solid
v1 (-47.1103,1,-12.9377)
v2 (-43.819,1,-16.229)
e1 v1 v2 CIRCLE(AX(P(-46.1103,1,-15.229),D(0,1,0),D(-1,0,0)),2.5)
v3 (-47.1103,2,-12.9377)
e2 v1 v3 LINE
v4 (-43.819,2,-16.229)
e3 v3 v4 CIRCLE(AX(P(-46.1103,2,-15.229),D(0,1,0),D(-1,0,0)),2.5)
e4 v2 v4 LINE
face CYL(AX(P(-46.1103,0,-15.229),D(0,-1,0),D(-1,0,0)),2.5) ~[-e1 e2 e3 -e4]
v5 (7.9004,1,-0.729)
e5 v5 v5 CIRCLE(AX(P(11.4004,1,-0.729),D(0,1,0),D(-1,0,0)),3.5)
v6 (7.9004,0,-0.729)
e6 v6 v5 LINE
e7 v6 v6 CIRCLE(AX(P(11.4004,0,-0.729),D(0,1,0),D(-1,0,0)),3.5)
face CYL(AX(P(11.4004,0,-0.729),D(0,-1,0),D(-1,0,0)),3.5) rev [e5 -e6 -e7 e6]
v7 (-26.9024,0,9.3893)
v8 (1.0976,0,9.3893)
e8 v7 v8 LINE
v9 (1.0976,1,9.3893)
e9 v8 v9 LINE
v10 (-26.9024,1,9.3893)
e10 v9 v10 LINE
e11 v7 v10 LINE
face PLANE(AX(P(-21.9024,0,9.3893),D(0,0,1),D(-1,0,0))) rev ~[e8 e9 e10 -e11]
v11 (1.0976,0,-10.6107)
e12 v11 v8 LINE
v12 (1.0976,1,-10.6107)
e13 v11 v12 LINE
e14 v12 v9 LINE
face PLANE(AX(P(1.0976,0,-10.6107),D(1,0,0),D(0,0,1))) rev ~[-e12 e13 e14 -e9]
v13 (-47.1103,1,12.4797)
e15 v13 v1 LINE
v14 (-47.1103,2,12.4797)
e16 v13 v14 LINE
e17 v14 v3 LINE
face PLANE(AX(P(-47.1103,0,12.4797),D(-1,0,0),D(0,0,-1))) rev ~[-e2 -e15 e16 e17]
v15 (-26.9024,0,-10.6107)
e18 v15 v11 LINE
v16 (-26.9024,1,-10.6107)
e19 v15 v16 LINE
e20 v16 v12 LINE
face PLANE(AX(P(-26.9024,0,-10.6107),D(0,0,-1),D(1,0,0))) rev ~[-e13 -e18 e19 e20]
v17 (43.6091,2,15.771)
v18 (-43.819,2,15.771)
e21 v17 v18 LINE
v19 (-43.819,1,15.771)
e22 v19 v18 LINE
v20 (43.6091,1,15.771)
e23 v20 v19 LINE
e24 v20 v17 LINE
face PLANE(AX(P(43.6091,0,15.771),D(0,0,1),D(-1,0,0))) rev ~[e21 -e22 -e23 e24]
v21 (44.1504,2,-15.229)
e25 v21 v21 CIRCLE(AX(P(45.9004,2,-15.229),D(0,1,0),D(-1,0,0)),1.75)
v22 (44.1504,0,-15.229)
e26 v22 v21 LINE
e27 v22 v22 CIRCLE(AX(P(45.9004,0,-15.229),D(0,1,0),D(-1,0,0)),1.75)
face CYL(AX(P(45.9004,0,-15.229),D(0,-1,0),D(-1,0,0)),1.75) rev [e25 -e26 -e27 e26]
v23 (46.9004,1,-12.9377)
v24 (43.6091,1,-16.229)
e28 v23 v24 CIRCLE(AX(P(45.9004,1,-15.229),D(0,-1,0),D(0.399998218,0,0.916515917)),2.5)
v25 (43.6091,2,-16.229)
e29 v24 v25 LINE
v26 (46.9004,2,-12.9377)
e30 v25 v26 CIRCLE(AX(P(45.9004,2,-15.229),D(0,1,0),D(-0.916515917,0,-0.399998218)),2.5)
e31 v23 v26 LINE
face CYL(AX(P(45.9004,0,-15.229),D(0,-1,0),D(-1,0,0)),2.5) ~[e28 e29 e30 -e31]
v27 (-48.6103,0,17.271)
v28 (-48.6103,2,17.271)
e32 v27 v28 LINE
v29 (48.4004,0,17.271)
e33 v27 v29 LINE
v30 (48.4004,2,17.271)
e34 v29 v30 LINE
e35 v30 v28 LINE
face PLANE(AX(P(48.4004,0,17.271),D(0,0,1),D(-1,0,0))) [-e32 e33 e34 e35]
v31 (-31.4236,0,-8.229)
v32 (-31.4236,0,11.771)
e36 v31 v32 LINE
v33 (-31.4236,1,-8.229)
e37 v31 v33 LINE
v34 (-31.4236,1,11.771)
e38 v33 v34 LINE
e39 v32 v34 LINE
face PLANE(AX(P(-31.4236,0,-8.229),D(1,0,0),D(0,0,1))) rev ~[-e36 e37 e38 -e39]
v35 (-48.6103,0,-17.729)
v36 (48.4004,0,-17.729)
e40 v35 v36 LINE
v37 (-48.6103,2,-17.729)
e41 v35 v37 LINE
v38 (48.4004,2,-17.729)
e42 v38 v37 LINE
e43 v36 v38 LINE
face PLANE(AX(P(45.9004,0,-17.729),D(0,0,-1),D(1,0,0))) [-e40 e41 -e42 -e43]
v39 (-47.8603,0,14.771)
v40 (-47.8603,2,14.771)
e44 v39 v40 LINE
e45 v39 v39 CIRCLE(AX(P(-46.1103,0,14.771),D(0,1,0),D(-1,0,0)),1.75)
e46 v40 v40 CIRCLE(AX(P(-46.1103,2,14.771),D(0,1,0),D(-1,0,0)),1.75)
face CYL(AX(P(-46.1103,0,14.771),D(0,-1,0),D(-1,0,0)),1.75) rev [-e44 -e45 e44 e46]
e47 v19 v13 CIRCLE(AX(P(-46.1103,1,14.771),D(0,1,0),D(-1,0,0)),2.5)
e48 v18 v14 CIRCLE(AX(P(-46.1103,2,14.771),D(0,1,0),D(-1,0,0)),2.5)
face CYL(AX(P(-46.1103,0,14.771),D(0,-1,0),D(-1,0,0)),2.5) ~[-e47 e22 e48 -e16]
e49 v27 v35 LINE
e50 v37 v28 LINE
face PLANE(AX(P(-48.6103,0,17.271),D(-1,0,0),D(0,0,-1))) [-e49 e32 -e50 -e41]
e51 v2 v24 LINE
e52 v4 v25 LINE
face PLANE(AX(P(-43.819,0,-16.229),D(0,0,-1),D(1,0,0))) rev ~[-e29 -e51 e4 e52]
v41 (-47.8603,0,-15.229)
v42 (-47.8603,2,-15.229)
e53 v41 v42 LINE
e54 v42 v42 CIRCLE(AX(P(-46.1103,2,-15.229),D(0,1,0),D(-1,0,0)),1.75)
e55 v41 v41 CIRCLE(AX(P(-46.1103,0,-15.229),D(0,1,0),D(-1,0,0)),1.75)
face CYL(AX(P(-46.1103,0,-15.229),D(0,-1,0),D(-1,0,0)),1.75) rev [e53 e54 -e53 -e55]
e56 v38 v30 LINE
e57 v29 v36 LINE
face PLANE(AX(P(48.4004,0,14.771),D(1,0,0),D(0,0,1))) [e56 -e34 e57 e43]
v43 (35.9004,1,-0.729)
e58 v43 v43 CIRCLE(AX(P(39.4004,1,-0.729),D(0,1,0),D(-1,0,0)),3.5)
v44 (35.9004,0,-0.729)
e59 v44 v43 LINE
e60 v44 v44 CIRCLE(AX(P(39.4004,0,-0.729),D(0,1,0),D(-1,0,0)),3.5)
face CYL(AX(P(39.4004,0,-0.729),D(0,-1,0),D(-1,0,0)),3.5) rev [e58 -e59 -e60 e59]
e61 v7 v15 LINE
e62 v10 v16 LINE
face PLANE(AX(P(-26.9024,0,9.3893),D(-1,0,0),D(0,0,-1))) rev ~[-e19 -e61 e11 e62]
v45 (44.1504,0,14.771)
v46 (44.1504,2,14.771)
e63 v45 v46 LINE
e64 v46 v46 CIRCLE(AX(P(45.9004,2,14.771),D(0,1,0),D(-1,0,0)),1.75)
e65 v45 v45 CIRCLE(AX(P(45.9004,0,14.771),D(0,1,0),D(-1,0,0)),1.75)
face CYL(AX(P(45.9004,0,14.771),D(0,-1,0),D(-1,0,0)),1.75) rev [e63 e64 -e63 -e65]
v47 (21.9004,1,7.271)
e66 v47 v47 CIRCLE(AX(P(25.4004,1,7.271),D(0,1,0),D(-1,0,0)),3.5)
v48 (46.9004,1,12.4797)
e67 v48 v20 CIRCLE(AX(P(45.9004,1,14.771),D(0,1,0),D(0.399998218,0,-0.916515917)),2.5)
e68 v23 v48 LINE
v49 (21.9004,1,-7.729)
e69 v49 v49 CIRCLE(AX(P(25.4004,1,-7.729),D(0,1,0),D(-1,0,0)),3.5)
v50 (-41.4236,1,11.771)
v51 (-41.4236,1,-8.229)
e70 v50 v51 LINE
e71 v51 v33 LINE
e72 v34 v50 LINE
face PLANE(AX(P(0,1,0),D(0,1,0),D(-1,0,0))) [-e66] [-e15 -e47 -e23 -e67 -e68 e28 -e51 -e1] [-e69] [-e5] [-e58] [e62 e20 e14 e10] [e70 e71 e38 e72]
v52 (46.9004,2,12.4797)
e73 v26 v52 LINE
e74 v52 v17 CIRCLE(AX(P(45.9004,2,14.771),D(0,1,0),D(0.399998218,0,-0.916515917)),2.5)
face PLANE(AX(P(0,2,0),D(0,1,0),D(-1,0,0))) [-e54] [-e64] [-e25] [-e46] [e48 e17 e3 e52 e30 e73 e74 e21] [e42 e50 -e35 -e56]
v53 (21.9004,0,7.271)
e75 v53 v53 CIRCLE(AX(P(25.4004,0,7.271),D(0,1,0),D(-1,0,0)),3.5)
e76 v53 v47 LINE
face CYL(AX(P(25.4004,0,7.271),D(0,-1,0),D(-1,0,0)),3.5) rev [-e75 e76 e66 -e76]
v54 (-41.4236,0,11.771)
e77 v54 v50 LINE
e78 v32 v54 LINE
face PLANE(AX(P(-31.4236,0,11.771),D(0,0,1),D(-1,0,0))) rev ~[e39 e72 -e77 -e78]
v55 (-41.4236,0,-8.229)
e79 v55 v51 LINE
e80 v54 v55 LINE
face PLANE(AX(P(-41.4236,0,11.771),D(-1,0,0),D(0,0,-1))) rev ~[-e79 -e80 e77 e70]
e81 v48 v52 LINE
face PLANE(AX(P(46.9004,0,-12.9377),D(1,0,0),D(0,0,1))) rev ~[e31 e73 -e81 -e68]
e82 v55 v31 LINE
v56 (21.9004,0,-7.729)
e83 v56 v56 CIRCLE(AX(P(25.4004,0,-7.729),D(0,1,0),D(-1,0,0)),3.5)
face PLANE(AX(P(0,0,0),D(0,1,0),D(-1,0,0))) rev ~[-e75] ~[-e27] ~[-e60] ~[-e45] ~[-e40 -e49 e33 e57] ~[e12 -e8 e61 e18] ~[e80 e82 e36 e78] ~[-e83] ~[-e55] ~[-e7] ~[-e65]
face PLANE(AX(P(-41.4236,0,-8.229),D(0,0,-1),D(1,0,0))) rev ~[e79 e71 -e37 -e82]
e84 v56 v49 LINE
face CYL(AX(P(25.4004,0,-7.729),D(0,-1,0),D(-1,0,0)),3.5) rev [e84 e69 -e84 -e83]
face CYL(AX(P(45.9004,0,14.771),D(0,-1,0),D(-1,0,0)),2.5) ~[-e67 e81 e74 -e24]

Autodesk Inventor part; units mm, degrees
ref_plane "YZ Plane" through (0, 0, 0) normal (1, 0, 0) x (0, 1, 0)
ref_plane "XZ Plane" through (0, 0, 0) normal (0, 1, 0) x (-1, 0, 0)
ref_plane "XY Plane" through (0, 0, 0) normal (0, 0, 1) x (1, 0, 0)
sketch "Esboço1" plane through (0, 0, 0) normal (0, 1, 0) x (-1, 0, 0)
  line L0 (-48.4004, 17.271) -> (48.6103, 17.271)
  line L1 (48.6103, 17.271) -> (48.6103, -17.729)
  line L2 (48.6103, -17.729) -> (-48.4004, -17.729)
  line L3 (-48.4004, -17.729) -> (-48.4004, 17.271)
  line L4 (-51.9004, -19.229) -> (-51.9004, 19.271)
  line L5 (-51.9004, 19.271) -> (52.1103, 19.271)
  line L6 (-51.9004, -19.229) -> (52.1103, -19.229)
  line L7 (52.1103, -19.229) -> (52.1103, 19.271)
  circle A0 centre (-45.9004, 14.771) radius 1.75
  circle A1 centre (-45.9004, 14.771) radius 2.5
  circle A2 centre (-45.9004, -15.229) radius 1.75
  circle A3 centre (-45.9004, -15.229) radius 2.5
  circle A4 centre (46.1103, 14.771) radius 2.5
  circle A5 centre (46.1103, 14.771) radius 1.75
  circle A6 centre (46.1103, -15.229) radius 2.5
  circle A7 centre (46.1103, -15.229) radius 1.75
  line L8 (26.9024, 10.578) -> (26.9024, -11.7995)
  line L9 (-30.4004, -2.229) -> (-20.4004, -2.229)
  line L10 (-20.4004, -2.229) -> (-20.4004, -12.229)
  line L11 (-20.4004, -12.229) -> (-30.4004, -12.229)
  line L12 (-30.4004, -12.229) -> (-30.4004, -2.229)
  line L13 (-6.4004, 4.271) -> (-6.4004, -5.729)
  line L14 (-16.4004, 4.271) -> (-6.4004, 4.271)
  line L15 (-16.4004, -5.729) -> (-16.4004, 4.271)
  line L16 (-6.4004, -5.729) -> (-16.4004, -5.729)
  line L17 (-20.4004, 12.271) -> (-20.4004, 2.271)
  line L18 (-30.4004, 12.271) -> (-20.4004, 12.271)
  line L19 (-30.4004, 2.271) -> (-30.4004, 12.271)
  line L20 (-20.4004, 2.271) -> (-30.4004, 2.271)
  line L21 (-34.4004, 4.271) -> (-34.4004, -5.729)
  line L22 (-44.4004, 4.271) -> (-34.4004, 4.271)
  line L23 (-44.4004, -5.729) -> (-44.4004, 4.271)
  line L24 (-34.4004, -5.729) -> (-44.4004, -5.729)
  line L25 (31.4236, 11.771) -> (41.4236, 11.771)
  line L26 (41.4236, 11.771) -> (41.4236, -8.229)
  line L27 (41.4236, -8.229) -> (31.4236, -8.229)
  line L28 (31.4236, -8.229) -> (31.4236, 11.771)
  circle A8 centre (-25.4004, 7.271) radius 3.5
  circle A9 centre (-11.4004, -0.729) radius 3.5
  circle A10 centre (-25.4004, -7.729) radius 3.5
  circle A11 centre (-39.4004, -0.729) radius 3.5
  line L29 (-43.6091, 15.771) -> (43.819, 15.771)
  line L30 (-46.9004, -12.9377) -> (-46.9004, 12.4797)
  line L31 (43.819, -16.229) -> (-43.6091, -16.229)
  line L32 (47.1103, 12.4797) -> (47.1103, -12.9377)
  circle A12 centre (0.1524, 12.1393) radius 1.25
  circle A13 centre (25.6524, -13.3607) radius 1.25
  circle A14 centre (25.6524, 12.1393) radius 1.25
  circle A15 centre (0.1524, -13.3607) radius 1.25
  circle A16 centre (0.1524, -13.3607) radius 2
  circle A17 centre (0.1524, 12.1393) radius 2
  circle A18 centre (25.6524, 12.1393) radius 2
  circle A19 centre (25.6524, -13.3607) radius 2
  line L33 (3.9024, 13.3893) -> (21.9024, 13.3893)
  line L34 (21.9024, 13.3893) -> (21.9024, 6.3893)
  line L35 (21.9024, 6.3893) -> (3.9024, 6.3893)
  line L36 (3.9024, 6.3893) -> (3.9024, 13.3893)
  line L37 (-1.0976, -11.7995) -> (-1.0976, 10.578)
  line L38 (-1.0976, 12.1393) -> (-1.0976, 12.271)
  line L39 (1.7137, 13.3893) -> (24.0912, 13.3893)
  line L40 (26.9024, -14.6107) -> (25.6524, -14.6107)
  line L41 (24.0912, -14.6107) -> (1.7137, -14.6107)
  line L42 (0.1524, -14.6107) -> (-1.0976, -14.6107)
  line L43 (-1.0976, 9.3893) -> (26.9024, 9.3893)
  line L44 (26.9024, 9.3893) -> (26.9024, -10.6107)
  line L45 (26.9024, -10.6107) -> (-1.0976, -10.6107)
  line L46 (-1.0976, -10.6107) -> (-1.0976, 9.3893)
  point P0 (0, 0)
  point P1 (-4.4505, -19.229)
  point P2 (-25.4004, -2.229)
  point P3 (12.9024, 6.3893)
  point P4 (12.9024, 13.3893)
  point P5 (26.9024, -10.6107)
  point P6 (-1.0976, -10.6107)
  dimension "d35" = 2.5
  dimension "d36" = 2.5
  dimension "d38" = 2.5
  dimension "d0" = 3.5
  dimension "d1" = 2
  dimension "d2" = 3.5
  dimension "d3" = 3.5
  dimension "d4" = 5
  dimension "d5" = 3.5
  dimension "d6" = 5
  dimension "d7" = 5
  dimension "d8" = 3.5
  dimension "d9" = 5
  dimension "d10" = 3.5
  dimension "d11" = 104.0106
  dimension "d12" = 38.5
  dimension "d13" = 28
  dimension "d14" = 10
  dimension "d15" = 10
  dimension "d16" = 10
  dimension "d17" = 10
  dimension "d18" = 10
  dimension "d19" = 10
  dimension "d20" = 10
  dimension "d21" = 10
  dimension "d22" = 10
  dimension "d23" = 20
  dimension "d24" = 4
  dimension "d25" = 4
  dimension "d26" = 4
  dimension "d27" = 4
  dimension "d28" = 5.5
  dimension "d29" = 7
  dimension "d30" = 7
  dimension "d31" = 7
  dimension "d32" = 7
  dimension "d33" = 1.5
  dimension "d34" = 4.5
  dimension "d37" = 2.5
  dimension "d39" = 4
  dimension "d40" = 4
  dimension "d41" = 4
  dimension "d42" = 4
  dimension "d43" = 5
  dimension "d44" = 7
  dimension "d47" = 2.3817
  dimension "d48" = 28
  dimension "d49" = 4
  dimension "d50" = 4
extrude "Extrusão1" add sketch "Esboço1" along normal blind 2 contours L0 A1 L3 | L0 A4 L29 A1 | A1 | A1 L30 A3 L3 | L0 L1 A4 | A4 | A3 L2 L3 | A3 | L1 A6 L32 A4 | A3 L31 A6 L2 | A6 | L1 L2 A6
extrude "Extrusão2" add sketch "Esboço1" along normal blind 1 contours L29 A4 L32 A6 L31 A3 L30 A1 | L8 L43 L34 L39 A18 | A18 | L8 A19 L41 A16 L37 L45 | L43 L36 L33 L34 | A19 | L43 L37 A17 L39 L36 | A16 | A17 | L9 L10 L11 L12 | L13 L16 L15 L14 | L17 L20 L19 L18 | L21 L24 L23 L22 | A12 | A13 | A14 | A15
properties part number "tampa_lcd_botoes"
